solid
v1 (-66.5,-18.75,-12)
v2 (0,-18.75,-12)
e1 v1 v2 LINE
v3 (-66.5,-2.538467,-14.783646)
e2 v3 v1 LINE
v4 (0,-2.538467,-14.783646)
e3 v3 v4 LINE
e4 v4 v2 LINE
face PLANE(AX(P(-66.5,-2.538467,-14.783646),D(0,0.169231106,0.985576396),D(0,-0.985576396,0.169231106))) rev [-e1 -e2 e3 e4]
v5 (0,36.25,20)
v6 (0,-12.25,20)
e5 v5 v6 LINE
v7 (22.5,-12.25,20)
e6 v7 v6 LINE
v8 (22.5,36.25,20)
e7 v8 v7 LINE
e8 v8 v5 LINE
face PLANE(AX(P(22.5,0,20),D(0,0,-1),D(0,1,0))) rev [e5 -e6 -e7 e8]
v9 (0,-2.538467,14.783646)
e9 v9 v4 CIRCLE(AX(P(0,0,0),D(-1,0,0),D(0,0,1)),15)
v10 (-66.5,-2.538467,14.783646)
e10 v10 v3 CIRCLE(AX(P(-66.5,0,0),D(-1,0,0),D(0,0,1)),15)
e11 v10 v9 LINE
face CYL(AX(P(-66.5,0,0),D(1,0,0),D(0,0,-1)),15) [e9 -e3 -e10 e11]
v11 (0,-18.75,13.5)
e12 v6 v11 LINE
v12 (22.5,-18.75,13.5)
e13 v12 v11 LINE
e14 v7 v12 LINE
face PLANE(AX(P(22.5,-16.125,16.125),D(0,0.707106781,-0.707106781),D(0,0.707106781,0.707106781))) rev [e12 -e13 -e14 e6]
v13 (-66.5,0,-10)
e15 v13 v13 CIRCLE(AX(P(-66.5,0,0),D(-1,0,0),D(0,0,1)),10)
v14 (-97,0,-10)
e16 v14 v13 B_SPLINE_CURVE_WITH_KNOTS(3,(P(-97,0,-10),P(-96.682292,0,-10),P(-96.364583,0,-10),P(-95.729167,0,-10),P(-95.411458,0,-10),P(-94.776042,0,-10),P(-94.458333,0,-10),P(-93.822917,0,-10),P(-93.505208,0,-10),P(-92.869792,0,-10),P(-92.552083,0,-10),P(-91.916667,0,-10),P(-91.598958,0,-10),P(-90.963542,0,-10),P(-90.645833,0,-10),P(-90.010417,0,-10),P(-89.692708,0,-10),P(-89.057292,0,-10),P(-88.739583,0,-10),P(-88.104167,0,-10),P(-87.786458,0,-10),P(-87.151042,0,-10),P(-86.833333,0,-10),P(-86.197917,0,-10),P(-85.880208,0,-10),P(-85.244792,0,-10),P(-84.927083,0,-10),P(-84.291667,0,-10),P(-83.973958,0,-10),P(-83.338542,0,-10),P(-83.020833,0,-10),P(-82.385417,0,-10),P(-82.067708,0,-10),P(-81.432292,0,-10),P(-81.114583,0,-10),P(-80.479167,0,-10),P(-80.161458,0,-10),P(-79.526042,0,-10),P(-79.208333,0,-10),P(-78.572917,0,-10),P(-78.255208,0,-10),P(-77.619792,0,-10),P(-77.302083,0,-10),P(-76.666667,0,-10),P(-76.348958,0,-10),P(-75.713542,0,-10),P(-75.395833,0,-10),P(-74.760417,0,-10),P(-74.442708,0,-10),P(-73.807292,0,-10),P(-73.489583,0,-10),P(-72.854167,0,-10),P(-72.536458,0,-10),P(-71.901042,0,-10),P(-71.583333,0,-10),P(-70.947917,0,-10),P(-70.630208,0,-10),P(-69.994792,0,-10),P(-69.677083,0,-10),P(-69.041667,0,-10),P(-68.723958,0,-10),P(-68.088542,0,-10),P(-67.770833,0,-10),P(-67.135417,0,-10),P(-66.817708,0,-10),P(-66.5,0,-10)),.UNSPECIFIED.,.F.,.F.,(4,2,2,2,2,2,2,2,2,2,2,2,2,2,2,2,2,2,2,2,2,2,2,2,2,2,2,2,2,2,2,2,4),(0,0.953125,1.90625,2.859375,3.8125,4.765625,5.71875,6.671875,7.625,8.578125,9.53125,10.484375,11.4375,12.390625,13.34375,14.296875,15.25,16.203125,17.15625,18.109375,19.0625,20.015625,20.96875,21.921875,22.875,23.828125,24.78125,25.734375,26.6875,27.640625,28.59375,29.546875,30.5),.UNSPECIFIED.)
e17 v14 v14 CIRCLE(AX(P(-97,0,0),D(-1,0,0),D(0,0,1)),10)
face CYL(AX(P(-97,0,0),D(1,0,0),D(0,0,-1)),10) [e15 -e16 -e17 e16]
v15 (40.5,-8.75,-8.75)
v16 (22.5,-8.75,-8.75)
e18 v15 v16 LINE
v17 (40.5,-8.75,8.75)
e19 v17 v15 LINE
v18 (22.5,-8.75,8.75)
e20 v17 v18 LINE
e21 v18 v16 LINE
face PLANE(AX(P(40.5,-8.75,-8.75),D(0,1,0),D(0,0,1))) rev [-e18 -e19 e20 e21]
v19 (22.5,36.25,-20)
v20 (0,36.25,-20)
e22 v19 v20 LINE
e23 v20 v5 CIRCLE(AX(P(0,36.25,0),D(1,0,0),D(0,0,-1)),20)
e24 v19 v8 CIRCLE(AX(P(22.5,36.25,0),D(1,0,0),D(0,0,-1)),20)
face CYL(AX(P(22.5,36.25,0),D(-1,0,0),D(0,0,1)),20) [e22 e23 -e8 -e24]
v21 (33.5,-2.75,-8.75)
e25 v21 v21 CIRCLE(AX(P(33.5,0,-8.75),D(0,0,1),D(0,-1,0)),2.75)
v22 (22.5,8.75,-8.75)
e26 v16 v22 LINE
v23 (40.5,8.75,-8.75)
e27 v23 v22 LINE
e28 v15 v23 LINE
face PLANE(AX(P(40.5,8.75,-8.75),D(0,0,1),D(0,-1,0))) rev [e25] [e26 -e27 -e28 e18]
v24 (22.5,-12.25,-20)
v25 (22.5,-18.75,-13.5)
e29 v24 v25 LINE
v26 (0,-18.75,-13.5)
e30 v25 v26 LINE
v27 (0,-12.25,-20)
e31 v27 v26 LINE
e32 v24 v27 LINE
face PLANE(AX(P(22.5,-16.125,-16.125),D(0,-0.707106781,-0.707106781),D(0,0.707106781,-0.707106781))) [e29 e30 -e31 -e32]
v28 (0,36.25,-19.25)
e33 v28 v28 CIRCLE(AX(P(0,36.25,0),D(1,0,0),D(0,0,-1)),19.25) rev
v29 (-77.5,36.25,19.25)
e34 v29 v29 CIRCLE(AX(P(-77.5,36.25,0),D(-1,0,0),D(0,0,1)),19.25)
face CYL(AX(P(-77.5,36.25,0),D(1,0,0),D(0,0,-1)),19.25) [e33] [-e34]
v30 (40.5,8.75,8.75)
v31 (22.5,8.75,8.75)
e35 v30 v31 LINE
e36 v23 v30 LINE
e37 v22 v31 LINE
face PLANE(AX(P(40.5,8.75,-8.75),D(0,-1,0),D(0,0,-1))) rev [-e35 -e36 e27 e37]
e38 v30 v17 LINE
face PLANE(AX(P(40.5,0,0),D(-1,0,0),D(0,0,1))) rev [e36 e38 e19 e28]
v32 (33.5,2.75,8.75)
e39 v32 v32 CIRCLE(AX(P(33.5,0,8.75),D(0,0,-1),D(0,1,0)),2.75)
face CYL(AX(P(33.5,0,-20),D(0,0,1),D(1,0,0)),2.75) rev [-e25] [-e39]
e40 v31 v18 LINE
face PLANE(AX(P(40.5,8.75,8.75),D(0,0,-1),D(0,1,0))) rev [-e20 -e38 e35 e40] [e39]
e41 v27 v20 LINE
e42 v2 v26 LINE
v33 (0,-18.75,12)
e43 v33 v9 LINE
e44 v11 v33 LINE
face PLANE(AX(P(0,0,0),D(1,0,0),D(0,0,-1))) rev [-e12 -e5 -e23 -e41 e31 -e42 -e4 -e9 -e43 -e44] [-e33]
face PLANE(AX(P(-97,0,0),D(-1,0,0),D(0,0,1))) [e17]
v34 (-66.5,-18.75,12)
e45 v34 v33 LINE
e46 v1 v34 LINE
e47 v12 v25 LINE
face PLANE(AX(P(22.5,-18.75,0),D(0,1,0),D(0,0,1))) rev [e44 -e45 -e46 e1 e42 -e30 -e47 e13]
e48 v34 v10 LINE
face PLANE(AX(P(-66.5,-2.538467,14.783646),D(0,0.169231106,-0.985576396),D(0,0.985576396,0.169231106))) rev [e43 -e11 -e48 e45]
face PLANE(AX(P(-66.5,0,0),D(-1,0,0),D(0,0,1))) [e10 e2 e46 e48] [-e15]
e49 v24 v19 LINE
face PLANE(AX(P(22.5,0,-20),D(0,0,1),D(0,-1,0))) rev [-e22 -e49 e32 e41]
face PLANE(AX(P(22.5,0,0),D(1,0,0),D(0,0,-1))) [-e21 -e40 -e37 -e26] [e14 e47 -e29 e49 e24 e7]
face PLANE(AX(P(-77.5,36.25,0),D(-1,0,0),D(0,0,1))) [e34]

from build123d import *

# Parameters (mm, degrees)
SKETCH1_R               = 20
BOSS_EXTRUDE1_DEPTH     = 22.5
SKETCH3_W               = 17.5
SKETCH3_H               = 17.5
BOSS_EXTRUDE2_DEPTH     = 18
CUT_EXTRUDE1_DEPTH      = 76.039156445
CUT_EXTRUDE1_DEPTH_BACK = 76.039156445
SKETCH4_R               = 2.75
BOSS_EXTRUDE3_DEPTH     = 66.5
SKETCH6_R               = 19.25
BOSS_EXTRUDE4_DEPTH     = 77.5
SKETCH7_R               = 10
BOSS_EXTRUDE5_DEPTH     = 30.5


with BuildPart() as part:
    # Sketch1 → Boss-Extrude1 (new body)
    with BuildSketch(Plane(origin=(0, 0, 0), x_dir=(0, 0, -1), z_dir=(1, 0, 0))):
        with Locations((0, 36.25)):
            Circle(SKETCH1_R)
        with BuildLine():
            ThreePointArc((20, 36.25), (0, 16.25), (-20, 36.25))
            Line((-20, 36.25), (-20, -12.25))
            Line((-20, -12.25), (-13.5, -18.75))
            Line((-13.5, -18.75), (13.5, -18.75))
            Line((13.5, -18.75), (20, -12.25))
            Line((20, -12.25), (20, 36.25))
        make_face()
    extrude(amount=BOSS_EXTRUDE1_DEPTH)

    # Sketch3 → Boss-Extrude2 (add)
    with BuildSketch(Plane(origin=(22.5, 0, 0), x_dir=(0, 0, -1), z_dir=(1, 0, 0))):
        Rectangle(SKETCH3_W, SKETCH3_H)
    extrude(amount=BOSS_EXTRUDE2_DEPTH)

    # Sketch4 → Cut-Extrude1 (cut, two sides: drawn at the far end of the back side and taken through both)
    with BuildSketch(Plane.XY.offset(8.75).offset(-CUT_EXTRUDE1_DEPTH_BACK)):
        with Locations(Location((33.5, 0, 0), (0, 0, 90))):
            Circle(SKETCH4_R)
    extrude(amount=CUT_EXTRUDE1_DEPTH + CUT_EXTRUDE1_DEPTH_BACK, mode=Mode.SUBTRACT)

    # Sketch5 → Boss-Extrude3 (add)
    with BuildSketch(Plane.ZY):
        with BuildLine():
            Line((-12, -18.75), (12, -18.75))
            Line((12, -18.75), (14.783645942, -2.538466597))
            ThreePointArc((14.783645942, -2.538466597), (0, 15), (-14.783645942, -2.538466597))
            Line((-14.783645942, -2.538466597), (-12, -18.75))
        make_face()
    extrude(amount=BOSS_EXTRUDE3_DEPTH)

    # Sketch6 → Boss-Extrude4 (add)
    with BuildSketch(Plane.ZY):
        with Locations(Location((0, 36.25, 0), (0, 0, 180))):
            Circle(SKETCH6_R)
    extrude(amount=BOSS_EXTRUDE4_DEPTH)

    # Sketch7 → Boss-Extrude5 (add)
    with BuildSketch(Plane.ZY.offset(66.5)):
        with Locations(Location((0, 0, 0), (0, 0, 180))):
            Circle(SKETCH7_R)
    extrude(amount=BOSS_EXTRUDE5_DEPTH)


solid = part.part
